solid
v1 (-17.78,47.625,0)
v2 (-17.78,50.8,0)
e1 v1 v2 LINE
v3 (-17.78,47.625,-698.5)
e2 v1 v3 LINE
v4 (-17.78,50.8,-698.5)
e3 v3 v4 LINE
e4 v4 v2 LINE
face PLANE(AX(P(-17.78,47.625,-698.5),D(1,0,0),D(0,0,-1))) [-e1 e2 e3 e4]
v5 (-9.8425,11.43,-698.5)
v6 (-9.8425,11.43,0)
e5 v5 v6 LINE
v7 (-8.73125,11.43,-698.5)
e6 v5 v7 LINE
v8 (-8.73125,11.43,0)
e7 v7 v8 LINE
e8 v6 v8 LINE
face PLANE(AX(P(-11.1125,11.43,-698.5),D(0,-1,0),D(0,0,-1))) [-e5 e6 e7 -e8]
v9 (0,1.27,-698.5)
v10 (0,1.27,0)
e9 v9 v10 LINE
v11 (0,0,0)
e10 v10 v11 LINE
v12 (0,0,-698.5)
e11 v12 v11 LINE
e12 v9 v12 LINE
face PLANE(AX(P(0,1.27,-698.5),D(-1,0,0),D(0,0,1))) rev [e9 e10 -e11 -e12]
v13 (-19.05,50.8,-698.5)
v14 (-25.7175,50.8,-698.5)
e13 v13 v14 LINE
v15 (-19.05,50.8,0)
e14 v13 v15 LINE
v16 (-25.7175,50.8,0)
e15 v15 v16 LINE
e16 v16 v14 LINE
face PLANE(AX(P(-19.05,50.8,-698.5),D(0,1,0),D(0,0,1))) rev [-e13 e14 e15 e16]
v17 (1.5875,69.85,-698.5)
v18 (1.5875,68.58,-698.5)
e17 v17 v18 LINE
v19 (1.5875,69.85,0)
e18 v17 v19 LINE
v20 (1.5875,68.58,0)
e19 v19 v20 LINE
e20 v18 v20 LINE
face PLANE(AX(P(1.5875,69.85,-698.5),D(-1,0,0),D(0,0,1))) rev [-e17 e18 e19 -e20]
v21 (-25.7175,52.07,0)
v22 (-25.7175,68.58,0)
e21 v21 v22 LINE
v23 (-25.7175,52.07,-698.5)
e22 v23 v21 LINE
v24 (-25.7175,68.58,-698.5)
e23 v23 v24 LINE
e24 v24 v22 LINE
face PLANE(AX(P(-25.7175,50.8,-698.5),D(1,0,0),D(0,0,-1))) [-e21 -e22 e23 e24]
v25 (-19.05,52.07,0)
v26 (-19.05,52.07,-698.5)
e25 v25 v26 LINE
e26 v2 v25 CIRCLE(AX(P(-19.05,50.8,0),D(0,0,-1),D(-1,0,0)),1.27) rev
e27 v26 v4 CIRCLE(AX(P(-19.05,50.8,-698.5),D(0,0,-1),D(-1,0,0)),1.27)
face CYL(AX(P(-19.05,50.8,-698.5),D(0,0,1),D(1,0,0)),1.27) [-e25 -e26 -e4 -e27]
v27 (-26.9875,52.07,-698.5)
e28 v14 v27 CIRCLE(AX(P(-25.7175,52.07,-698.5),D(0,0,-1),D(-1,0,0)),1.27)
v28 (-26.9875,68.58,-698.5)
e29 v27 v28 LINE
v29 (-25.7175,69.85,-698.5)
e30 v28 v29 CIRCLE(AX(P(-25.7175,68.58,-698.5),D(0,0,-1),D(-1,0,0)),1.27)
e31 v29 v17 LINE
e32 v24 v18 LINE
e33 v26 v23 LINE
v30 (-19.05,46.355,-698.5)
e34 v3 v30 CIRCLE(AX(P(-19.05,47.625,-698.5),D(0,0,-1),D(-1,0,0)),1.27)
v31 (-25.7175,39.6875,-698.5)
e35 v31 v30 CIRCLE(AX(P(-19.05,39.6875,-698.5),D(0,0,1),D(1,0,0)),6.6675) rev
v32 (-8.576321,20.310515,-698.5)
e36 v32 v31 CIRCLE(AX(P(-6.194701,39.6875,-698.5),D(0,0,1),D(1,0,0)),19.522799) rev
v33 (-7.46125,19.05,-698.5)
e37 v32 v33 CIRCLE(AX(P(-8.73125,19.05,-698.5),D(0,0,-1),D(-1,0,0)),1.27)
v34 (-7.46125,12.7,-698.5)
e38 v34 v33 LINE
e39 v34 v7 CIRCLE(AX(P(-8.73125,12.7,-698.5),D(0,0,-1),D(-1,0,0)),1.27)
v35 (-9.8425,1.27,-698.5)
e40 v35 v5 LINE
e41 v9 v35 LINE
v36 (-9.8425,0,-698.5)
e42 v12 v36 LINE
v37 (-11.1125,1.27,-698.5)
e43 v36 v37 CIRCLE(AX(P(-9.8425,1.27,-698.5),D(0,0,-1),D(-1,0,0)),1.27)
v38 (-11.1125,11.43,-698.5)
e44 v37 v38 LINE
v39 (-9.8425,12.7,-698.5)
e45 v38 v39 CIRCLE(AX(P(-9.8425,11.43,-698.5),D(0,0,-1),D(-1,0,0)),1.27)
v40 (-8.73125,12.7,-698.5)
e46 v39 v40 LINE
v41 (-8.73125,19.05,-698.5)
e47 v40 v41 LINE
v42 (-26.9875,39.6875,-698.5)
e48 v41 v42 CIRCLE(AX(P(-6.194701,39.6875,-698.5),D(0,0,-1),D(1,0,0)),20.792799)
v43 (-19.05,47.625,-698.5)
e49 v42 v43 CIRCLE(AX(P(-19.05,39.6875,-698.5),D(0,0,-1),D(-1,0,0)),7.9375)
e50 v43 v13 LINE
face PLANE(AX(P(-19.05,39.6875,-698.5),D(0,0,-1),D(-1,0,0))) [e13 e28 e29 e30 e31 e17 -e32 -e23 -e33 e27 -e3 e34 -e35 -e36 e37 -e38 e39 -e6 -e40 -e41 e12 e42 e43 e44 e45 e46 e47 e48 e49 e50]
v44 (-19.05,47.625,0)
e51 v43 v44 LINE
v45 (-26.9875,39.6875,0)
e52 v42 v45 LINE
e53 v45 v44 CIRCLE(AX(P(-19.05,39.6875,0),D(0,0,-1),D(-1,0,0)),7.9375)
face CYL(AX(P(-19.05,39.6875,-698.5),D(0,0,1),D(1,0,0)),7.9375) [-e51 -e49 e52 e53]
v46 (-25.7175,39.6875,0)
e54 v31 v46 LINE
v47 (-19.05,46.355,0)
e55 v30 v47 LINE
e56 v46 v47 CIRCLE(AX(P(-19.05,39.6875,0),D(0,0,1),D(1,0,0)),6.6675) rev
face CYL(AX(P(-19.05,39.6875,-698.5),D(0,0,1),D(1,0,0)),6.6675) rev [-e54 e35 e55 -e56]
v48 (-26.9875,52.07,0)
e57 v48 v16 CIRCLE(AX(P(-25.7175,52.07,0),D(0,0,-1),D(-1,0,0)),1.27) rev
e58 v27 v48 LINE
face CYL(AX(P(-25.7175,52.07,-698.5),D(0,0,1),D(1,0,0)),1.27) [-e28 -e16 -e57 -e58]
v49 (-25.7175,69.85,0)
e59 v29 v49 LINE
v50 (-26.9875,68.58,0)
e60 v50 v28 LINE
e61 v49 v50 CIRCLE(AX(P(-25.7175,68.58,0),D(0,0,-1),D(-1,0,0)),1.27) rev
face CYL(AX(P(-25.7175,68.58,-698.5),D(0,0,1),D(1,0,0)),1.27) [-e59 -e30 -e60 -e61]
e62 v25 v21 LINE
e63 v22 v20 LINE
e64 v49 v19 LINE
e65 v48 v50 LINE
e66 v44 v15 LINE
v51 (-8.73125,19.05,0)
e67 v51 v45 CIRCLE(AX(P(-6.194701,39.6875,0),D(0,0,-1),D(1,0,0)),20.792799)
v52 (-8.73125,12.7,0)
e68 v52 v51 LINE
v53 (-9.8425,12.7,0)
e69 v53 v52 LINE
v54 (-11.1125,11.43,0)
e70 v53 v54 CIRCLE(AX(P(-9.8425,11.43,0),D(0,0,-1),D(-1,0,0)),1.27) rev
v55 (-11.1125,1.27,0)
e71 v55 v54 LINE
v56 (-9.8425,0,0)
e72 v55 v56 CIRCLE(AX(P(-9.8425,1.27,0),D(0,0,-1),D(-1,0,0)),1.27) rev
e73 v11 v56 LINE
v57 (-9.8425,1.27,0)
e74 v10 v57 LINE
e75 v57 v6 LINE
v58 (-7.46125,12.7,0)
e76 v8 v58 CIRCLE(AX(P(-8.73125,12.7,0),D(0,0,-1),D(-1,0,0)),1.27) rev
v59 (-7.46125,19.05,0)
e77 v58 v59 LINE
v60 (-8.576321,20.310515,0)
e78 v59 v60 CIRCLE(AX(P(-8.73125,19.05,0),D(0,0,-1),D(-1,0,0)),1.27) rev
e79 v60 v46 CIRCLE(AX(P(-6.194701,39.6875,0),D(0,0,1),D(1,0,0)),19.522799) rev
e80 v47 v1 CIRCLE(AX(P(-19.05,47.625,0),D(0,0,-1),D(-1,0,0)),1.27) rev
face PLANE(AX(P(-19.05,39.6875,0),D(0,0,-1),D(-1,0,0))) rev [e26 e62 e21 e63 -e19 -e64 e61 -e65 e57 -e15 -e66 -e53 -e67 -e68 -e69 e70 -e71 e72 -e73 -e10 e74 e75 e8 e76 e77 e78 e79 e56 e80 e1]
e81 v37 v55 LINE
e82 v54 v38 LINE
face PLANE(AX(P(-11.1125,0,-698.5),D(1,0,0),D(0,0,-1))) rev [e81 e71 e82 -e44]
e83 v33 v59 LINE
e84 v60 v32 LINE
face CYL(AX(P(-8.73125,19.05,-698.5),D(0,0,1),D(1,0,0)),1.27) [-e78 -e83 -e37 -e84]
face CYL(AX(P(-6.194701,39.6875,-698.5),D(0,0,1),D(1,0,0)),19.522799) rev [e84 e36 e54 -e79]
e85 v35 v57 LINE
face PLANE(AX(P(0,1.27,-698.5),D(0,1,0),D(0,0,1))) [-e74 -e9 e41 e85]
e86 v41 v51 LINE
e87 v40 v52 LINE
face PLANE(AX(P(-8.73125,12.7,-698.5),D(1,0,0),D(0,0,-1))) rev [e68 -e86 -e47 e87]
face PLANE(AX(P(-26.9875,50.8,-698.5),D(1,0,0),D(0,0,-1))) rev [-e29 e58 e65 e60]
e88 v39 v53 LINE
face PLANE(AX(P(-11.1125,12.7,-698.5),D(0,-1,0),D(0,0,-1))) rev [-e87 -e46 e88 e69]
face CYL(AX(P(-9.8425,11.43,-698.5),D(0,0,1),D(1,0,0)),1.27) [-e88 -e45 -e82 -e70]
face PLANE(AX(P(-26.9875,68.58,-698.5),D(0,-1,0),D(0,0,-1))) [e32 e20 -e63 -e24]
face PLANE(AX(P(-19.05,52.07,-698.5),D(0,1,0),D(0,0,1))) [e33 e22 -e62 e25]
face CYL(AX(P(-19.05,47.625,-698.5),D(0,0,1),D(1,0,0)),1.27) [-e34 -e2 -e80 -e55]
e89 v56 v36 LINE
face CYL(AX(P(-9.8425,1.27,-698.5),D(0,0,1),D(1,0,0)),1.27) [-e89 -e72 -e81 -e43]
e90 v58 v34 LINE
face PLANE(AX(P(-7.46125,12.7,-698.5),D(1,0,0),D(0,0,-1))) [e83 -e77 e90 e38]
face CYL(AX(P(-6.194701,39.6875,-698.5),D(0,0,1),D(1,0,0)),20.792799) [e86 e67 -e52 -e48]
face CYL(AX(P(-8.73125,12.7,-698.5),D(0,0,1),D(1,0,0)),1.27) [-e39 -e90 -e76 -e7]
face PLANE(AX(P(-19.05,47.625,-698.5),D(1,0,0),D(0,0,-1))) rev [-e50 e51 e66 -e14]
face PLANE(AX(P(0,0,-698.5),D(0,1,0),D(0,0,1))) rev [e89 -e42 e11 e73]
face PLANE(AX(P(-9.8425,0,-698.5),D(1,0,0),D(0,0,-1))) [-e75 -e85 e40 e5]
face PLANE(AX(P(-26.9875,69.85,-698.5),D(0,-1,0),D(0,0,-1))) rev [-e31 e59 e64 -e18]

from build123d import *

# Parameters (mm, degrees)
EXTRUDE_THIN1_DEPTH = 698.5
FILLET2_R           = 1.27


with BuildPart() as part:
    # Sketch1 → Extrude-Thin1 (new body)
    with BuildSketch(Plane.XY):
        with BuildLine():
            Line((0, 0), (-11.1125, 0))
            Line((-11.1125, 0), (-11.1125, 12.7))
            Line((-11.1125, 12.7), (-8.73125, 12.7))
            Line((-8.73125, 12.7), (-8.73125, 19.05))
            ThreePointArc((-8.73125, 19.05), (-21.768435997, 25.910734502), (-26.9875, 39.6875))
            ThreePointArc((-26.9875, 39.6875), (-24.662660076, 45.300160076), (-19.05, 47.625))
            Line((-19.05, 47.625), (-19.05, 50.8))
            Line((-19.05, 50.8), (-26.9875, 50.8))
            Line((-26.9875, 50.8), (-26.9875, 69.85))
            Line((-26.9875, 69.85), (1.5875, 69.85))
            Line((1.5875, 69.85), (1.5875, 68.58))
            Line((1.5875, 68.58), (-25.7175, 68.58))
            Line((-25.7175, 68.58), (-25.7175, 52.07))
            Line((-25.7175, 52.07), (-17.78, 52.07))
            Line((-17.78, 52.07), (-17.78, 46.232930181))
            ThreePointArc((-17.78, 46.232930181), (-23.291923576, 44.831587929), (-25.7175, 39.6875))
            ThreePointArc((-25.7175, 39.6875), (-20.440161015, 26.338097436), (-7.46125, 20.205828325))
            Line((-7.46125, 20.205828325), (-7.46125, 11.43))
            Line((-7.46125, 11.43), (-9.8425, 11.43))
            Line((-9.8425, 11.43), (-9.8425, 1.27))
            Line((-9.8425, 1.27), (0, 1.27))
            Line((0, 1.27), (0, 0))
        make_face()
    extrude(amount=-EXTRUDE_THIN1_DEPTH)

    # Fillet2
    fillet2_edges = [part.edges().sort_by_distance(p)[0] for p in [
        (-17.78, 52.07, -349.25),
        (-17.78, 46.232930181, -349.25),
        (-7.46125, 20.205828325, -349.25),
        (-7.46125, 11.43, -349.25),
        (-11.1125, 0, -349.25),
        (-11.1125, 12.7, -349.25),
        (-26.9875, 50.8, -349.25),
        (-26.9875, 69.85, -349.25),
    ]]
    fillet(fillet2_edges, radius=FILLET2_R)


solid = part.part
